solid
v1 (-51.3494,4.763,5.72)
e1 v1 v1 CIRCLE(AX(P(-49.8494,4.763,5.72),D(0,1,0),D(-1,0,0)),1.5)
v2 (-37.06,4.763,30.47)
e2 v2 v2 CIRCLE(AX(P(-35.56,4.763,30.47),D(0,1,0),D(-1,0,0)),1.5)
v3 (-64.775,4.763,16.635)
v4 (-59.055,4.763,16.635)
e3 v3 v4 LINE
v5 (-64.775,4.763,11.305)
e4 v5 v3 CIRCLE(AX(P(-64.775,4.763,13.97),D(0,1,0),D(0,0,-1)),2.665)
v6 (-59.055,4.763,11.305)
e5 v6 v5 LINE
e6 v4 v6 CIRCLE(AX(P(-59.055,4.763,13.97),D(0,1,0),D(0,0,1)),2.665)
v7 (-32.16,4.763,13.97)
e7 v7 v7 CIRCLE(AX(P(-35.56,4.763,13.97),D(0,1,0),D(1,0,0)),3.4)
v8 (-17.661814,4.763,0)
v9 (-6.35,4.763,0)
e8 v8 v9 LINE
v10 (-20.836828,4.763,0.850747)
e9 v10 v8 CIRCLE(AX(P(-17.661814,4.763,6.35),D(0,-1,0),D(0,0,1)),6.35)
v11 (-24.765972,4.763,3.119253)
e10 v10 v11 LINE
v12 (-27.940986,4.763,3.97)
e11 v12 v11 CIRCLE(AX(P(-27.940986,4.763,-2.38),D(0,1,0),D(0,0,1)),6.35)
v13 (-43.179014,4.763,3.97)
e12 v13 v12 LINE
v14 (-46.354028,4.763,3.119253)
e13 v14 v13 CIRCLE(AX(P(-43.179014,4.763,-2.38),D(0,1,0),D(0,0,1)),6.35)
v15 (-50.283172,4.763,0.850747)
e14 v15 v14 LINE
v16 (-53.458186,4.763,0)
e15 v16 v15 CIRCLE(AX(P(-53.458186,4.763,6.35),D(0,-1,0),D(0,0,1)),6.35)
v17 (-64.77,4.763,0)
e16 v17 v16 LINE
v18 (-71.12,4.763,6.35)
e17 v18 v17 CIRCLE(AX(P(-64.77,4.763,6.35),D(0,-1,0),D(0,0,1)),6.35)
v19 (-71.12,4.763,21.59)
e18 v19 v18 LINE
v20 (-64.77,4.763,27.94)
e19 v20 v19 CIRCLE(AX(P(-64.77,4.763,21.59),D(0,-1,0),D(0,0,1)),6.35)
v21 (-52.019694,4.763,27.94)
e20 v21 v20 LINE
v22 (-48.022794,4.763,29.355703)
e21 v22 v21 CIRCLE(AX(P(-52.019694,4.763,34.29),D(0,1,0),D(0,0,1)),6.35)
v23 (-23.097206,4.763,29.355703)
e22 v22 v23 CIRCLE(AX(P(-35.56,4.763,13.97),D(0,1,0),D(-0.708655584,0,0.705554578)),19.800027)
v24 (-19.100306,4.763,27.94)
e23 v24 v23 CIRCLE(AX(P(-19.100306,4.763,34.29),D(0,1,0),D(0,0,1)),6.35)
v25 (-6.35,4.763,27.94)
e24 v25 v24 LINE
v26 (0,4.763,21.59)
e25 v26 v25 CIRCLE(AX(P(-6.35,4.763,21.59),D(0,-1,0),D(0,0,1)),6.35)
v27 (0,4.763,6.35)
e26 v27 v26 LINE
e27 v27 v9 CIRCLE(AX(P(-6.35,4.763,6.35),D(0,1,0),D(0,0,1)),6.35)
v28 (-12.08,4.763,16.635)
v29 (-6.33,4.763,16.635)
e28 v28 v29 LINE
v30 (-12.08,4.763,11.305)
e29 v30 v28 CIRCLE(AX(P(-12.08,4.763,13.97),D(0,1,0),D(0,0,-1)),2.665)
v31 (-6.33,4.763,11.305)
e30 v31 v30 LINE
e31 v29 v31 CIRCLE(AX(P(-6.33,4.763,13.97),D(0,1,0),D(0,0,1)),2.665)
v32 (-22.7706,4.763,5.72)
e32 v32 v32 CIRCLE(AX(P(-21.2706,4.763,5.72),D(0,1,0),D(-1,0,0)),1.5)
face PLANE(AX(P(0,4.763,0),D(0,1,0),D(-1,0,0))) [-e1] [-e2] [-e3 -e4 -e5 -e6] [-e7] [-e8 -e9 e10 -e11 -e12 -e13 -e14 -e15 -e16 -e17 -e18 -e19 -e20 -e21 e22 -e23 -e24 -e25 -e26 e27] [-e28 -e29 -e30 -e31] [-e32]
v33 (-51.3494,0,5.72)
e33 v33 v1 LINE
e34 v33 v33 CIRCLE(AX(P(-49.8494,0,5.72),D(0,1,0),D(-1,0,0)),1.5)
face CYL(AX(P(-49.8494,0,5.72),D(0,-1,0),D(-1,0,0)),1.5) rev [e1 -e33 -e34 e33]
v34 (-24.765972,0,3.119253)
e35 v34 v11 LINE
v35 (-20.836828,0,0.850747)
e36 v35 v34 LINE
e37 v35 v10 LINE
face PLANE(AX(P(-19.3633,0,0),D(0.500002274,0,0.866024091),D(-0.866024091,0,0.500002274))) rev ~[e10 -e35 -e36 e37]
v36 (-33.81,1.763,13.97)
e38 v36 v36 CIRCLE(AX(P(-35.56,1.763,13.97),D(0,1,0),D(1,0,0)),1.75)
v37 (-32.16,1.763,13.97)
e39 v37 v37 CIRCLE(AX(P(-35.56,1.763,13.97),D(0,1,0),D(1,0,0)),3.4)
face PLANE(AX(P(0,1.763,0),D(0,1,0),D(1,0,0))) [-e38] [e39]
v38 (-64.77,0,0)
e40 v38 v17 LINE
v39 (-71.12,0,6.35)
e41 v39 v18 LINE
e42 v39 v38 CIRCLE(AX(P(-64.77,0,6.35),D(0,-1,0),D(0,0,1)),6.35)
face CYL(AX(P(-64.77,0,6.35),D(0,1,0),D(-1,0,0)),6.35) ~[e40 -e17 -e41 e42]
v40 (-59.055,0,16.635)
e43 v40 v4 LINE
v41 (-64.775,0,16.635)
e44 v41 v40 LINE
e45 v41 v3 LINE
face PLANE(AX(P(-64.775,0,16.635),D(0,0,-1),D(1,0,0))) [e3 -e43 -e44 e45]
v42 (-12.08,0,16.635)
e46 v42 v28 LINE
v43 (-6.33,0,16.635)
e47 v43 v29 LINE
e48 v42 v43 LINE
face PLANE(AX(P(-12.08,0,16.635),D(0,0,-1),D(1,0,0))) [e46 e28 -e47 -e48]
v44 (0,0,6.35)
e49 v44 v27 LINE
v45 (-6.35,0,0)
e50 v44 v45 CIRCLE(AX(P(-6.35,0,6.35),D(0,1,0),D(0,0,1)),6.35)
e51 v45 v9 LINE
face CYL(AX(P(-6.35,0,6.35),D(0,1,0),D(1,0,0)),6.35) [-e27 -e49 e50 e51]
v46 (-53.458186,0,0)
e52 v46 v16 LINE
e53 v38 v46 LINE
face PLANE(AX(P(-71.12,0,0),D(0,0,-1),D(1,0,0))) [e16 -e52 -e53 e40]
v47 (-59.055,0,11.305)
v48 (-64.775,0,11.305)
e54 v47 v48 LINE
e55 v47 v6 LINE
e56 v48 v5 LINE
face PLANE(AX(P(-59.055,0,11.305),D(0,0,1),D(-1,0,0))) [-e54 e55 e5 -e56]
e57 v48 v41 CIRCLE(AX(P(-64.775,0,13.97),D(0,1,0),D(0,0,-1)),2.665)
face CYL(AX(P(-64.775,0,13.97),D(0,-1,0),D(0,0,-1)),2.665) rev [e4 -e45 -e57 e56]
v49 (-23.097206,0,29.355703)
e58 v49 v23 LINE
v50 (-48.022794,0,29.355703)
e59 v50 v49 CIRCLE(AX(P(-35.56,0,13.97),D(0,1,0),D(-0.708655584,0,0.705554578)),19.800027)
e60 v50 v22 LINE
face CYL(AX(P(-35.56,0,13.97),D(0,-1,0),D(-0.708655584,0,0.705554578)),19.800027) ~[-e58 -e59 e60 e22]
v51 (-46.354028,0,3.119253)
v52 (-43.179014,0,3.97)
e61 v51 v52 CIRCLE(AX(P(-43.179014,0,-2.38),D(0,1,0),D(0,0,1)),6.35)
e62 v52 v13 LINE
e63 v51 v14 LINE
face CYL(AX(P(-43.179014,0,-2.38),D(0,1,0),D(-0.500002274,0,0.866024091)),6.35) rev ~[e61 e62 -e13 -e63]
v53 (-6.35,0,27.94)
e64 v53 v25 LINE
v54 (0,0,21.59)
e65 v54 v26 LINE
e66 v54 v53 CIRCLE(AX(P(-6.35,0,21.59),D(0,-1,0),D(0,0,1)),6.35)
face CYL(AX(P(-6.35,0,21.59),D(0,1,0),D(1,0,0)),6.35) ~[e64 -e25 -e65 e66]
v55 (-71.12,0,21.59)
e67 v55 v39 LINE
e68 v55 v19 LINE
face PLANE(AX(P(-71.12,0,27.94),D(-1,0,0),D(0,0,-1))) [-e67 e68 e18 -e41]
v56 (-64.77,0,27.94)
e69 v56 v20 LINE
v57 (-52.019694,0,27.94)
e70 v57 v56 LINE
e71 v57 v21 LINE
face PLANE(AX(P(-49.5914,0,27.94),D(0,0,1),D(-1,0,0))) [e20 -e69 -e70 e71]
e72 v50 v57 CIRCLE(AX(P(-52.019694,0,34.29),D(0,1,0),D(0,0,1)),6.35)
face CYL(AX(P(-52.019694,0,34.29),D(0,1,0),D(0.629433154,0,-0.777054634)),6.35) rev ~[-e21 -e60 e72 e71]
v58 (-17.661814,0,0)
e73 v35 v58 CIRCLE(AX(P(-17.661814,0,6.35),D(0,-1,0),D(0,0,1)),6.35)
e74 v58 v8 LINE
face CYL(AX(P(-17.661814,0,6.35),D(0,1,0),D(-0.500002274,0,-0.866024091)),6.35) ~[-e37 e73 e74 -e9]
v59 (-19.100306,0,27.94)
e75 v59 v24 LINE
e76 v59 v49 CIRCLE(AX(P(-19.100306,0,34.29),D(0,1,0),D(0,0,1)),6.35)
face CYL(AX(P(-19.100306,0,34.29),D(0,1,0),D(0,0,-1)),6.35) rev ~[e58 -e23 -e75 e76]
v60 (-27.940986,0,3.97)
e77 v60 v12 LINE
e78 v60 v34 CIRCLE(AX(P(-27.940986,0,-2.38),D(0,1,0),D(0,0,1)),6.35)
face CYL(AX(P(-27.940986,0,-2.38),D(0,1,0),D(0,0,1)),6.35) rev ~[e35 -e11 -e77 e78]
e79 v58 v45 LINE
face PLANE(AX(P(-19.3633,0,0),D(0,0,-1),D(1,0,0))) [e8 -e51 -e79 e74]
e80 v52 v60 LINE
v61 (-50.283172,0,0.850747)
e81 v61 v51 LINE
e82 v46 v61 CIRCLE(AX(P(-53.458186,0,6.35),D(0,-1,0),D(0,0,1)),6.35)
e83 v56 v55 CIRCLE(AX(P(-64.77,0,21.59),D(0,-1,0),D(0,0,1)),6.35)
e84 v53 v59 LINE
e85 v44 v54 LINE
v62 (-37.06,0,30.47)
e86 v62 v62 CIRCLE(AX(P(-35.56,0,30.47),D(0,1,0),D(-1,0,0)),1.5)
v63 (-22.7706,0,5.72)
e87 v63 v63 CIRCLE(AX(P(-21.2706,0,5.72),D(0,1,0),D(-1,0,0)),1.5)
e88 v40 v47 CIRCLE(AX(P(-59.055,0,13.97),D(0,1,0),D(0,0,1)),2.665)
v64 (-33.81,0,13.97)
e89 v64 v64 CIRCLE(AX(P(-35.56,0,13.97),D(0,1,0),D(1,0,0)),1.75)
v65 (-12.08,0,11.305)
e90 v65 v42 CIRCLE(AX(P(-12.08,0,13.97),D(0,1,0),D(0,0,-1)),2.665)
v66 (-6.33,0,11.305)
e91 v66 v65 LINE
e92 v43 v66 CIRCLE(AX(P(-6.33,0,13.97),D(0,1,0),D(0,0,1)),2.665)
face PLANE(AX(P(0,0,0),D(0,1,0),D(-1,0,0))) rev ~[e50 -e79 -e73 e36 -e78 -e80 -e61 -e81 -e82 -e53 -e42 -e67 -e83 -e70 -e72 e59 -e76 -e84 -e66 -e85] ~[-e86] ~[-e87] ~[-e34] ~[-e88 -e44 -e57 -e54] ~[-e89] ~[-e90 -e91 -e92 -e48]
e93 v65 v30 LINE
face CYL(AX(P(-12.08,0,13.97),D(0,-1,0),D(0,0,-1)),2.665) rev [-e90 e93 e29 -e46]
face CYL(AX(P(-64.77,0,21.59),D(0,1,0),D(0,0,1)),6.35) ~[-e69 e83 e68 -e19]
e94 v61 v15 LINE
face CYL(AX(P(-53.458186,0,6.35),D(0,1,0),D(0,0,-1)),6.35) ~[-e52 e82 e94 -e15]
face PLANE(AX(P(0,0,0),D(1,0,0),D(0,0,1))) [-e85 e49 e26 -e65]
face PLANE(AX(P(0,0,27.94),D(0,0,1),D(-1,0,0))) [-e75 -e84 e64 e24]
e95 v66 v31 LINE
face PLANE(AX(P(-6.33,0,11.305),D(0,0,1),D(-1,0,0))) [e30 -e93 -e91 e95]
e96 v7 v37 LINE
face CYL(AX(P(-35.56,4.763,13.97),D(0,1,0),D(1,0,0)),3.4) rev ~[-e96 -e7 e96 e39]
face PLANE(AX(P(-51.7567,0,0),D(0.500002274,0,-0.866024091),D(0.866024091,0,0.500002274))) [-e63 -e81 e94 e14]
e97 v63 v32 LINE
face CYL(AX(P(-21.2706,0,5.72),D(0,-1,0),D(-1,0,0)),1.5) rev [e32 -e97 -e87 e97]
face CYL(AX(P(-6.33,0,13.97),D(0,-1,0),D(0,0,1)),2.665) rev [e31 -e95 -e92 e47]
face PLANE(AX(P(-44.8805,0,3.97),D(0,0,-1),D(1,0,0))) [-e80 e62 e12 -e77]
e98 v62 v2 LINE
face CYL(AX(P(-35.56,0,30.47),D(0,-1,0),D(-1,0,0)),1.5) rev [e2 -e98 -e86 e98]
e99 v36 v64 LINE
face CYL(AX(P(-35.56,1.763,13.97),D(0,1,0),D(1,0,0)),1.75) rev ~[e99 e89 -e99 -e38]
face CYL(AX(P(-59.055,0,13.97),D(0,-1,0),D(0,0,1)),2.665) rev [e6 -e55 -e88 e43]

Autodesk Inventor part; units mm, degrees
ref_plane "YZ Plane" through (0, 0, 0) normal (1, 0, 0) x (0, 1, 0)
ref_plane "XZ Plane" through (0, 0, 0) normal (0, 1, 0) x (-1, 0, 0)
ref_plane "XY Plane" through (0, 0, 0) normal (0, 0, 1) x (1, 0, 0)
sketch "Sketch1" plane through (0, 0, 0) normal (0, 1, 0) x (-1, 0, 0)
  line L0 (0, 0) -> (0, 27.94)
  line L1 (71.12, 27.94) -> (71.12, 0)
  arc A0 (49.5914, 27.94) -> (21.5286, 27.94) centre (35.56, 13.97) ccw
  line L2 (0, 27.94) -> (21.5286, 27.94)
  line L3 (49.5914, 27.94) -> (71.12, 27.94)
  circle A1 centre (35.56, 13.97) radius 16.5 construction
  circle A2 centre (35.56, 30.47) radius 1.5
  line L4 (35.56, 13.97) -> (49.8494, 5.72) construction
  line L5 (35.56, 13.97) -> (21.2706, 5.72) construction
  circle A3 centre (21.2706, 5.72) radius 1.5
  circle A4 centre (49.8494, 5.72) radius 1.5
  line L6 (71.12, 13.97) -> (0, 13.97) construction
  line L7 (51.7567, 0) -> (44.8805, 3.97)
  line L8 (19.3633, 0) -> (26.2395, 3.97)
  line L9 (44.8805, 3.97) -> (26.2395, 3.97)
  line L10 (59.055, 13.97) -> (64.775, 13.97) construction
  line L11 (59.055, 11.305) -> (64.775, 11.305)
  line L12 (64.775, 16.635) -> (59.055, 16.635)
  arc A5 (59.055, 16.635) -> (59.055, 11.305) centre (59.055, 13.97) ccw
  arc A6 (64.775, 11.305) -> (64.775, 16.635) centre (64.775, 13.97) ccw
  line L13 (6.33, 13.97) -> (12.08, 13.97) construction
  line L14 (6.33, 11.305) -> (12.08, 11.305)
  line L15 (12.08, 16.635) -> (6.33, 16.635)
  arc A7 (6.33, 16.635) -> (6.33, 11.305) centre (6.33, 13.97) ccw
  arc A8 (12.08, 11.305) -> (12.08, 16.635) centre (12.08, 13.97) ccw
  line L16 (71.12, 0) -> (51.7567, 0)
  line L17 (19.3633, 0) -> (0, 0)
  point P0 (61.915, 13.97)
  point P1 (9.205, 13.97)
  dimension "d0" = 27.94
  dimension "d1" = 71.12
  dimension "d5" = 35.56
  dimension "d7" = 19.8
  dimension "d8" = 33
  dimension "d9" = 3
  dimension "d10" = 3
  dimension "d11" = 3
  dimension "d13" = 30
  dimension "d14" = 4
  dimension "d15" = 4
  dimension "d16" = 10
  dimension "d17" = 2.86
  dimension "d18" = 5.33
  dimension "d19" = 2.875
  dimension "d20" = 5.33
  dimension "d21" = 26.355
  dimension "d22" = 26.355
  dimension "d23" = 13.97
extrude "Extrusion1" add sketch "Sketch1" along normal blind 4.763
fillet "Fillet1" radius 6.35 10 edges at (0, 2.3815, 0) (0, 2.3815, 27.94) (-71.12, 2.3815, 0) (-71.12, 2.3815, 27.94) (-21.5286, 2.3815, 27.94) (-49.5914, 2.3815, 27.94) (-26.2395, 2.3815, 3.97) (-19.3633, 2.3815, 0) (-44.8805, 2.3815, 3.97) (-51.7567, 2.3815, 0)
sketch "Sketch2" plane through (0, 4.763, 0) normal (0, 1, 0) x (1, 0, 0)
  arc A0 (-48.0228, -29.3557) -> (-23.0972, -29.3557) centre (-35.56, -13.97) ccw projected
  circle A1 centre (-35.56, -13.97) radius 3.4
  point P0 (0, 0)
  dimension "d27" = 6.8
extrude "Extrusion2" cut sketch "Sketch2" against normal blind 3
sketch "Sketch3" plane through (-35.56, 1.763, 13.97) normal (0, 1, 0) x (1, 0, 0)
  circle A0 centre (0, 0) radius 3.4 projected
  circle A1 centre (0, 0) radius 1.75
  point P0 (35.56, 13.97)
  dimension "d30" = 3.5
extrude "Extrusion3" cut sketch "Sketch3" against normal blind 6.75 contours A1
properties part number "MountPlate"
